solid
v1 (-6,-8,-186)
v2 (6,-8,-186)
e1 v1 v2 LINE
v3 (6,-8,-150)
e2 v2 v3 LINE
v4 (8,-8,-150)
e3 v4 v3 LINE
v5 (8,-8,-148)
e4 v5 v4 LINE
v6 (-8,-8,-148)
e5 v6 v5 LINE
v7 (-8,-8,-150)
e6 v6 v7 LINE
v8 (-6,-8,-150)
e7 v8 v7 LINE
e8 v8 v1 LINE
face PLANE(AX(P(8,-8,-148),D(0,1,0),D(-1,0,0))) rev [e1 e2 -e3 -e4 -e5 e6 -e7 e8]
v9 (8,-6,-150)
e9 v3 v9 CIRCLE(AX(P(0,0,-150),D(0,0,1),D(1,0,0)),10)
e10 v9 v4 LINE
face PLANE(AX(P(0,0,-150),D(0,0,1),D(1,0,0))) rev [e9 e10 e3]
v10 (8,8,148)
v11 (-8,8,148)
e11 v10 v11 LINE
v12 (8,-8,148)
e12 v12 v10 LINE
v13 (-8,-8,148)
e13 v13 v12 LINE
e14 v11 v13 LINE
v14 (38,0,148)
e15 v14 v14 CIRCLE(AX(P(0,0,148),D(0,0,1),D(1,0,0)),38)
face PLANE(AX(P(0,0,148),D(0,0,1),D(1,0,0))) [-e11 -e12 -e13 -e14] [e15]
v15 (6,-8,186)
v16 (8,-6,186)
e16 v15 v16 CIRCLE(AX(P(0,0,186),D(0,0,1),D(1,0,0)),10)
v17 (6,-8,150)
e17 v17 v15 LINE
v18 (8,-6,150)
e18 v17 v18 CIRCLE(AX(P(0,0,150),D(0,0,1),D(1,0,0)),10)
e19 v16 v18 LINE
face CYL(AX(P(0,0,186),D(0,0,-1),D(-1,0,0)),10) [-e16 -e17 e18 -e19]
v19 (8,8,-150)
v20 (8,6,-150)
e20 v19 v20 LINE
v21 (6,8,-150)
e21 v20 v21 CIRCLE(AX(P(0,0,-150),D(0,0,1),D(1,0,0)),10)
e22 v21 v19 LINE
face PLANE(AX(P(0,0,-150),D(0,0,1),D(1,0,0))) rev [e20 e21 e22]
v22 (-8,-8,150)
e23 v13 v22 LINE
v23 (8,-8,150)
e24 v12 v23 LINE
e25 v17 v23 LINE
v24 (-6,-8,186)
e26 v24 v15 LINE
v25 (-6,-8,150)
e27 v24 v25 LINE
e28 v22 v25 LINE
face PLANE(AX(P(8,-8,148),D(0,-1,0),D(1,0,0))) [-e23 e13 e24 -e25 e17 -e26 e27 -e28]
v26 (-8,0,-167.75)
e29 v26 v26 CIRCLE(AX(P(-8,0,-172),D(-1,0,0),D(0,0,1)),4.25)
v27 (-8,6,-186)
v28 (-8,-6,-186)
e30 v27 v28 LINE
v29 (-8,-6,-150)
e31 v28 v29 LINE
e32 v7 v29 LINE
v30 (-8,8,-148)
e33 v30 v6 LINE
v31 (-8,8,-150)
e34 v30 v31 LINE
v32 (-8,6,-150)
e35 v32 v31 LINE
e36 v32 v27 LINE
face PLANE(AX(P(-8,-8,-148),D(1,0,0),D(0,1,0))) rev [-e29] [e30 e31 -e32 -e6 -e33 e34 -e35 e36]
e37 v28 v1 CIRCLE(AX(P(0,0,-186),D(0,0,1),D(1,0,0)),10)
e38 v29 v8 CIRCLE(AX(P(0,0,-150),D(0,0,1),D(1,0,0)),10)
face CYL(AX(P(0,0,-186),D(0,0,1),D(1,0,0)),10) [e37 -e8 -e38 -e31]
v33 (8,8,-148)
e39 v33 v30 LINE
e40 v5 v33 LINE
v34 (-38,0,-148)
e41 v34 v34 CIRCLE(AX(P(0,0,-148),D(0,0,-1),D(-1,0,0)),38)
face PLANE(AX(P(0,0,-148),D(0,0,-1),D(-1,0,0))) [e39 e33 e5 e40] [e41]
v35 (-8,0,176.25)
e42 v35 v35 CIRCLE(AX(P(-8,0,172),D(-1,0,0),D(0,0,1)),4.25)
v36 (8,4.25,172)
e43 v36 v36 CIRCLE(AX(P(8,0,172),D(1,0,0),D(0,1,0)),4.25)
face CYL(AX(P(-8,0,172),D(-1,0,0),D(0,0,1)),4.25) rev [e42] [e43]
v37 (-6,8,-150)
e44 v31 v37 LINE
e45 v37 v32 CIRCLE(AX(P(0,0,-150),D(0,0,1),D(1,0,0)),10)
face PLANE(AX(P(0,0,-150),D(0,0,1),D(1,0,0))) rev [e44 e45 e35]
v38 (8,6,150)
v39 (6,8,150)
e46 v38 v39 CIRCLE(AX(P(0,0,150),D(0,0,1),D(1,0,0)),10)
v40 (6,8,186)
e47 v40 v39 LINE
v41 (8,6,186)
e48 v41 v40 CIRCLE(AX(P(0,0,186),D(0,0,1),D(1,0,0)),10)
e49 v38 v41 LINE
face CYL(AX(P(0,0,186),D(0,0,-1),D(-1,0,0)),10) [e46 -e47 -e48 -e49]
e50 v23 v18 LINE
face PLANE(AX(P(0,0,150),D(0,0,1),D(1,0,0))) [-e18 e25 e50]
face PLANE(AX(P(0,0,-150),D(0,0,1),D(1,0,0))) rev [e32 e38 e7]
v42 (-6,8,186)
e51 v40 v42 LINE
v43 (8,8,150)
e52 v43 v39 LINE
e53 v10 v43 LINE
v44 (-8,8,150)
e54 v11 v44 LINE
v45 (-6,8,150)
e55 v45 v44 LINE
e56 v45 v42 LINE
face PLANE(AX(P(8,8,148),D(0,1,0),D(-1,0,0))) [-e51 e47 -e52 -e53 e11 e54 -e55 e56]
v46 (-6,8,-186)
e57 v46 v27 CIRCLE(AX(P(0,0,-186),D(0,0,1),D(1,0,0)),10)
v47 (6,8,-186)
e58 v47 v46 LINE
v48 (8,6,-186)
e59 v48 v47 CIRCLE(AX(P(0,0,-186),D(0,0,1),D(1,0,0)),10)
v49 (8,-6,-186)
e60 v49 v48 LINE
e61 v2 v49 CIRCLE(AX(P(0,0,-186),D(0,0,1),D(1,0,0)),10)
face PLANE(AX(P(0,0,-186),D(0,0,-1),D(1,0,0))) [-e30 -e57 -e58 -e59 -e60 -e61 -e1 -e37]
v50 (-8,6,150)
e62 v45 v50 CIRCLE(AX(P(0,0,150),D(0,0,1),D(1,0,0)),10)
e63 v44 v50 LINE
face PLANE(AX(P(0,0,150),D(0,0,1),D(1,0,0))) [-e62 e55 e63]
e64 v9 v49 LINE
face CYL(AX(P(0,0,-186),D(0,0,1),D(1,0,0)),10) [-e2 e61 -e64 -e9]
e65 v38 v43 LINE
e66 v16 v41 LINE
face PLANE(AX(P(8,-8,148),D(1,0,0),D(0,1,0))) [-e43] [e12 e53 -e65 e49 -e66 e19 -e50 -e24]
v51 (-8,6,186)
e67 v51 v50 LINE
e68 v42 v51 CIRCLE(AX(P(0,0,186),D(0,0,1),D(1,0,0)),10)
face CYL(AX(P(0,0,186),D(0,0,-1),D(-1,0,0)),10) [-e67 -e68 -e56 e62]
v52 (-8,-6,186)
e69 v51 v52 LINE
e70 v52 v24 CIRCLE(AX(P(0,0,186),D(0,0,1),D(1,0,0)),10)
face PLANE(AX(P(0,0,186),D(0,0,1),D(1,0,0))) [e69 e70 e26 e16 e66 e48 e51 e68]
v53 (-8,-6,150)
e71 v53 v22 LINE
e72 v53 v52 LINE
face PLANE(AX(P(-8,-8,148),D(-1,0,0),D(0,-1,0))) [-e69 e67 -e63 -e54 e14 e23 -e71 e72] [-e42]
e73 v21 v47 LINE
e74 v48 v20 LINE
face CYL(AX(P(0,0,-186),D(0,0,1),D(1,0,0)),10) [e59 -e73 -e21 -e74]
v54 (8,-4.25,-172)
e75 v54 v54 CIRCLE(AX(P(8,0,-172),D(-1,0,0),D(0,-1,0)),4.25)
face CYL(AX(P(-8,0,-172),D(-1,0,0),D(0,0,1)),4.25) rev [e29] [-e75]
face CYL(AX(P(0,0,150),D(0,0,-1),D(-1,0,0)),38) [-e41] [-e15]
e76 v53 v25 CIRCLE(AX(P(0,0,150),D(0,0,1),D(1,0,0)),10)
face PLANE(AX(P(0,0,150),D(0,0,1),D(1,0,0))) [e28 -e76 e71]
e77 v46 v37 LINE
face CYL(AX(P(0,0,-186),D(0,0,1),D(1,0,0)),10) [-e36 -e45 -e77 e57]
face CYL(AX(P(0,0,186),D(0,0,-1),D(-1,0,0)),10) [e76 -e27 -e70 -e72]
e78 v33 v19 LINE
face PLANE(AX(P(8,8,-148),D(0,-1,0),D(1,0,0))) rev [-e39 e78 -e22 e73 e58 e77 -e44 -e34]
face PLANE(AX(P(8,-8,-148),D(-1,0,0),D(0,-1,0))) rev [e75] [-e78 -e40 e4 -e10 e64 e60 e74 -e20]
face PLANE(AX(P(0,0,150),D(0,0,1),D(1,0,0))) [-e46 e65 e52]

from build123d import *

# Parameters (mm, degrees)
SKETCH_1_R           = 38
EXTRUDE_1_DEPTH      = 150
SKETCH_2_R           = 10
EXTRUDE_2_DEPTH      = 36
SKETCH_3_OUTSIDE_W   = 148.554
SKETCH_3_OUTSIDE_H   = 148.554
SKETCH_3_OUTSIDE_W_2 = 16
SKETCH_3_OUTSIDE_H_2 = 16
CUT_EXTRUDE_1_DEPTH  = 38
HOLE_WIZARD_M10_1_D  = 8.5


with BuildPart() as part:
    # 草图1 → 凸台-拉伸1 (new, symmetric)
    with BuildSketch(Plane.XY):
        Circle(SKETCH_1_R)
    extrude(amount=EXTRUDE_1_DEPTH, both=True)

    # 草图2 → 凸台-拉伸2 (add)
    with BuildSketch(Plane.XY.offset(150)):
        Circle(SKETCH_2_R)
    extrude_2 = extrude(amount=EXTRUDE_2_DEPTH)

    # 草图3 outside → 切除-拉伸1 (cut)
    with BuildSketch(Plane.XY.offset(186)):
        Rectangle(SKETCH_3_OUTSIDE_W, SKETCH_3_OUTSIDE_H)
        Rectangle(SKETCH_3_OUTSIDE_W_2, SKETCH_3_OUTSIDE_H_2, mode=Mode.SUBTRACT)
    cut_extrude_1 = extrude(amount=-CUT_EXTRUDE_1_DEPTH, mode=Mode.SUBTRACT)

    # M10 螺纹孔1 (through all)
    with Locations(Plane.ZY.offset(8)):
        with Locations((172, 0)):
            hole_wizard_m10_1 = Hole(HOLE_WIZARD_M10_1_D / 2)

    # 镜向1: 凸台-拉伸2, 切除-拉伸1, M10 螺纹孔1 across plane
    add(extrude_2.mirror(Plane.XY))
    add(cut_extrude_1.mirror(Plane.XY), mode=Mode.SUBTRACT)
    add(hole_wizard_m10_1.mirror(Plane.XY), mode=Mode.SUBTRACT)


solid = part.part
